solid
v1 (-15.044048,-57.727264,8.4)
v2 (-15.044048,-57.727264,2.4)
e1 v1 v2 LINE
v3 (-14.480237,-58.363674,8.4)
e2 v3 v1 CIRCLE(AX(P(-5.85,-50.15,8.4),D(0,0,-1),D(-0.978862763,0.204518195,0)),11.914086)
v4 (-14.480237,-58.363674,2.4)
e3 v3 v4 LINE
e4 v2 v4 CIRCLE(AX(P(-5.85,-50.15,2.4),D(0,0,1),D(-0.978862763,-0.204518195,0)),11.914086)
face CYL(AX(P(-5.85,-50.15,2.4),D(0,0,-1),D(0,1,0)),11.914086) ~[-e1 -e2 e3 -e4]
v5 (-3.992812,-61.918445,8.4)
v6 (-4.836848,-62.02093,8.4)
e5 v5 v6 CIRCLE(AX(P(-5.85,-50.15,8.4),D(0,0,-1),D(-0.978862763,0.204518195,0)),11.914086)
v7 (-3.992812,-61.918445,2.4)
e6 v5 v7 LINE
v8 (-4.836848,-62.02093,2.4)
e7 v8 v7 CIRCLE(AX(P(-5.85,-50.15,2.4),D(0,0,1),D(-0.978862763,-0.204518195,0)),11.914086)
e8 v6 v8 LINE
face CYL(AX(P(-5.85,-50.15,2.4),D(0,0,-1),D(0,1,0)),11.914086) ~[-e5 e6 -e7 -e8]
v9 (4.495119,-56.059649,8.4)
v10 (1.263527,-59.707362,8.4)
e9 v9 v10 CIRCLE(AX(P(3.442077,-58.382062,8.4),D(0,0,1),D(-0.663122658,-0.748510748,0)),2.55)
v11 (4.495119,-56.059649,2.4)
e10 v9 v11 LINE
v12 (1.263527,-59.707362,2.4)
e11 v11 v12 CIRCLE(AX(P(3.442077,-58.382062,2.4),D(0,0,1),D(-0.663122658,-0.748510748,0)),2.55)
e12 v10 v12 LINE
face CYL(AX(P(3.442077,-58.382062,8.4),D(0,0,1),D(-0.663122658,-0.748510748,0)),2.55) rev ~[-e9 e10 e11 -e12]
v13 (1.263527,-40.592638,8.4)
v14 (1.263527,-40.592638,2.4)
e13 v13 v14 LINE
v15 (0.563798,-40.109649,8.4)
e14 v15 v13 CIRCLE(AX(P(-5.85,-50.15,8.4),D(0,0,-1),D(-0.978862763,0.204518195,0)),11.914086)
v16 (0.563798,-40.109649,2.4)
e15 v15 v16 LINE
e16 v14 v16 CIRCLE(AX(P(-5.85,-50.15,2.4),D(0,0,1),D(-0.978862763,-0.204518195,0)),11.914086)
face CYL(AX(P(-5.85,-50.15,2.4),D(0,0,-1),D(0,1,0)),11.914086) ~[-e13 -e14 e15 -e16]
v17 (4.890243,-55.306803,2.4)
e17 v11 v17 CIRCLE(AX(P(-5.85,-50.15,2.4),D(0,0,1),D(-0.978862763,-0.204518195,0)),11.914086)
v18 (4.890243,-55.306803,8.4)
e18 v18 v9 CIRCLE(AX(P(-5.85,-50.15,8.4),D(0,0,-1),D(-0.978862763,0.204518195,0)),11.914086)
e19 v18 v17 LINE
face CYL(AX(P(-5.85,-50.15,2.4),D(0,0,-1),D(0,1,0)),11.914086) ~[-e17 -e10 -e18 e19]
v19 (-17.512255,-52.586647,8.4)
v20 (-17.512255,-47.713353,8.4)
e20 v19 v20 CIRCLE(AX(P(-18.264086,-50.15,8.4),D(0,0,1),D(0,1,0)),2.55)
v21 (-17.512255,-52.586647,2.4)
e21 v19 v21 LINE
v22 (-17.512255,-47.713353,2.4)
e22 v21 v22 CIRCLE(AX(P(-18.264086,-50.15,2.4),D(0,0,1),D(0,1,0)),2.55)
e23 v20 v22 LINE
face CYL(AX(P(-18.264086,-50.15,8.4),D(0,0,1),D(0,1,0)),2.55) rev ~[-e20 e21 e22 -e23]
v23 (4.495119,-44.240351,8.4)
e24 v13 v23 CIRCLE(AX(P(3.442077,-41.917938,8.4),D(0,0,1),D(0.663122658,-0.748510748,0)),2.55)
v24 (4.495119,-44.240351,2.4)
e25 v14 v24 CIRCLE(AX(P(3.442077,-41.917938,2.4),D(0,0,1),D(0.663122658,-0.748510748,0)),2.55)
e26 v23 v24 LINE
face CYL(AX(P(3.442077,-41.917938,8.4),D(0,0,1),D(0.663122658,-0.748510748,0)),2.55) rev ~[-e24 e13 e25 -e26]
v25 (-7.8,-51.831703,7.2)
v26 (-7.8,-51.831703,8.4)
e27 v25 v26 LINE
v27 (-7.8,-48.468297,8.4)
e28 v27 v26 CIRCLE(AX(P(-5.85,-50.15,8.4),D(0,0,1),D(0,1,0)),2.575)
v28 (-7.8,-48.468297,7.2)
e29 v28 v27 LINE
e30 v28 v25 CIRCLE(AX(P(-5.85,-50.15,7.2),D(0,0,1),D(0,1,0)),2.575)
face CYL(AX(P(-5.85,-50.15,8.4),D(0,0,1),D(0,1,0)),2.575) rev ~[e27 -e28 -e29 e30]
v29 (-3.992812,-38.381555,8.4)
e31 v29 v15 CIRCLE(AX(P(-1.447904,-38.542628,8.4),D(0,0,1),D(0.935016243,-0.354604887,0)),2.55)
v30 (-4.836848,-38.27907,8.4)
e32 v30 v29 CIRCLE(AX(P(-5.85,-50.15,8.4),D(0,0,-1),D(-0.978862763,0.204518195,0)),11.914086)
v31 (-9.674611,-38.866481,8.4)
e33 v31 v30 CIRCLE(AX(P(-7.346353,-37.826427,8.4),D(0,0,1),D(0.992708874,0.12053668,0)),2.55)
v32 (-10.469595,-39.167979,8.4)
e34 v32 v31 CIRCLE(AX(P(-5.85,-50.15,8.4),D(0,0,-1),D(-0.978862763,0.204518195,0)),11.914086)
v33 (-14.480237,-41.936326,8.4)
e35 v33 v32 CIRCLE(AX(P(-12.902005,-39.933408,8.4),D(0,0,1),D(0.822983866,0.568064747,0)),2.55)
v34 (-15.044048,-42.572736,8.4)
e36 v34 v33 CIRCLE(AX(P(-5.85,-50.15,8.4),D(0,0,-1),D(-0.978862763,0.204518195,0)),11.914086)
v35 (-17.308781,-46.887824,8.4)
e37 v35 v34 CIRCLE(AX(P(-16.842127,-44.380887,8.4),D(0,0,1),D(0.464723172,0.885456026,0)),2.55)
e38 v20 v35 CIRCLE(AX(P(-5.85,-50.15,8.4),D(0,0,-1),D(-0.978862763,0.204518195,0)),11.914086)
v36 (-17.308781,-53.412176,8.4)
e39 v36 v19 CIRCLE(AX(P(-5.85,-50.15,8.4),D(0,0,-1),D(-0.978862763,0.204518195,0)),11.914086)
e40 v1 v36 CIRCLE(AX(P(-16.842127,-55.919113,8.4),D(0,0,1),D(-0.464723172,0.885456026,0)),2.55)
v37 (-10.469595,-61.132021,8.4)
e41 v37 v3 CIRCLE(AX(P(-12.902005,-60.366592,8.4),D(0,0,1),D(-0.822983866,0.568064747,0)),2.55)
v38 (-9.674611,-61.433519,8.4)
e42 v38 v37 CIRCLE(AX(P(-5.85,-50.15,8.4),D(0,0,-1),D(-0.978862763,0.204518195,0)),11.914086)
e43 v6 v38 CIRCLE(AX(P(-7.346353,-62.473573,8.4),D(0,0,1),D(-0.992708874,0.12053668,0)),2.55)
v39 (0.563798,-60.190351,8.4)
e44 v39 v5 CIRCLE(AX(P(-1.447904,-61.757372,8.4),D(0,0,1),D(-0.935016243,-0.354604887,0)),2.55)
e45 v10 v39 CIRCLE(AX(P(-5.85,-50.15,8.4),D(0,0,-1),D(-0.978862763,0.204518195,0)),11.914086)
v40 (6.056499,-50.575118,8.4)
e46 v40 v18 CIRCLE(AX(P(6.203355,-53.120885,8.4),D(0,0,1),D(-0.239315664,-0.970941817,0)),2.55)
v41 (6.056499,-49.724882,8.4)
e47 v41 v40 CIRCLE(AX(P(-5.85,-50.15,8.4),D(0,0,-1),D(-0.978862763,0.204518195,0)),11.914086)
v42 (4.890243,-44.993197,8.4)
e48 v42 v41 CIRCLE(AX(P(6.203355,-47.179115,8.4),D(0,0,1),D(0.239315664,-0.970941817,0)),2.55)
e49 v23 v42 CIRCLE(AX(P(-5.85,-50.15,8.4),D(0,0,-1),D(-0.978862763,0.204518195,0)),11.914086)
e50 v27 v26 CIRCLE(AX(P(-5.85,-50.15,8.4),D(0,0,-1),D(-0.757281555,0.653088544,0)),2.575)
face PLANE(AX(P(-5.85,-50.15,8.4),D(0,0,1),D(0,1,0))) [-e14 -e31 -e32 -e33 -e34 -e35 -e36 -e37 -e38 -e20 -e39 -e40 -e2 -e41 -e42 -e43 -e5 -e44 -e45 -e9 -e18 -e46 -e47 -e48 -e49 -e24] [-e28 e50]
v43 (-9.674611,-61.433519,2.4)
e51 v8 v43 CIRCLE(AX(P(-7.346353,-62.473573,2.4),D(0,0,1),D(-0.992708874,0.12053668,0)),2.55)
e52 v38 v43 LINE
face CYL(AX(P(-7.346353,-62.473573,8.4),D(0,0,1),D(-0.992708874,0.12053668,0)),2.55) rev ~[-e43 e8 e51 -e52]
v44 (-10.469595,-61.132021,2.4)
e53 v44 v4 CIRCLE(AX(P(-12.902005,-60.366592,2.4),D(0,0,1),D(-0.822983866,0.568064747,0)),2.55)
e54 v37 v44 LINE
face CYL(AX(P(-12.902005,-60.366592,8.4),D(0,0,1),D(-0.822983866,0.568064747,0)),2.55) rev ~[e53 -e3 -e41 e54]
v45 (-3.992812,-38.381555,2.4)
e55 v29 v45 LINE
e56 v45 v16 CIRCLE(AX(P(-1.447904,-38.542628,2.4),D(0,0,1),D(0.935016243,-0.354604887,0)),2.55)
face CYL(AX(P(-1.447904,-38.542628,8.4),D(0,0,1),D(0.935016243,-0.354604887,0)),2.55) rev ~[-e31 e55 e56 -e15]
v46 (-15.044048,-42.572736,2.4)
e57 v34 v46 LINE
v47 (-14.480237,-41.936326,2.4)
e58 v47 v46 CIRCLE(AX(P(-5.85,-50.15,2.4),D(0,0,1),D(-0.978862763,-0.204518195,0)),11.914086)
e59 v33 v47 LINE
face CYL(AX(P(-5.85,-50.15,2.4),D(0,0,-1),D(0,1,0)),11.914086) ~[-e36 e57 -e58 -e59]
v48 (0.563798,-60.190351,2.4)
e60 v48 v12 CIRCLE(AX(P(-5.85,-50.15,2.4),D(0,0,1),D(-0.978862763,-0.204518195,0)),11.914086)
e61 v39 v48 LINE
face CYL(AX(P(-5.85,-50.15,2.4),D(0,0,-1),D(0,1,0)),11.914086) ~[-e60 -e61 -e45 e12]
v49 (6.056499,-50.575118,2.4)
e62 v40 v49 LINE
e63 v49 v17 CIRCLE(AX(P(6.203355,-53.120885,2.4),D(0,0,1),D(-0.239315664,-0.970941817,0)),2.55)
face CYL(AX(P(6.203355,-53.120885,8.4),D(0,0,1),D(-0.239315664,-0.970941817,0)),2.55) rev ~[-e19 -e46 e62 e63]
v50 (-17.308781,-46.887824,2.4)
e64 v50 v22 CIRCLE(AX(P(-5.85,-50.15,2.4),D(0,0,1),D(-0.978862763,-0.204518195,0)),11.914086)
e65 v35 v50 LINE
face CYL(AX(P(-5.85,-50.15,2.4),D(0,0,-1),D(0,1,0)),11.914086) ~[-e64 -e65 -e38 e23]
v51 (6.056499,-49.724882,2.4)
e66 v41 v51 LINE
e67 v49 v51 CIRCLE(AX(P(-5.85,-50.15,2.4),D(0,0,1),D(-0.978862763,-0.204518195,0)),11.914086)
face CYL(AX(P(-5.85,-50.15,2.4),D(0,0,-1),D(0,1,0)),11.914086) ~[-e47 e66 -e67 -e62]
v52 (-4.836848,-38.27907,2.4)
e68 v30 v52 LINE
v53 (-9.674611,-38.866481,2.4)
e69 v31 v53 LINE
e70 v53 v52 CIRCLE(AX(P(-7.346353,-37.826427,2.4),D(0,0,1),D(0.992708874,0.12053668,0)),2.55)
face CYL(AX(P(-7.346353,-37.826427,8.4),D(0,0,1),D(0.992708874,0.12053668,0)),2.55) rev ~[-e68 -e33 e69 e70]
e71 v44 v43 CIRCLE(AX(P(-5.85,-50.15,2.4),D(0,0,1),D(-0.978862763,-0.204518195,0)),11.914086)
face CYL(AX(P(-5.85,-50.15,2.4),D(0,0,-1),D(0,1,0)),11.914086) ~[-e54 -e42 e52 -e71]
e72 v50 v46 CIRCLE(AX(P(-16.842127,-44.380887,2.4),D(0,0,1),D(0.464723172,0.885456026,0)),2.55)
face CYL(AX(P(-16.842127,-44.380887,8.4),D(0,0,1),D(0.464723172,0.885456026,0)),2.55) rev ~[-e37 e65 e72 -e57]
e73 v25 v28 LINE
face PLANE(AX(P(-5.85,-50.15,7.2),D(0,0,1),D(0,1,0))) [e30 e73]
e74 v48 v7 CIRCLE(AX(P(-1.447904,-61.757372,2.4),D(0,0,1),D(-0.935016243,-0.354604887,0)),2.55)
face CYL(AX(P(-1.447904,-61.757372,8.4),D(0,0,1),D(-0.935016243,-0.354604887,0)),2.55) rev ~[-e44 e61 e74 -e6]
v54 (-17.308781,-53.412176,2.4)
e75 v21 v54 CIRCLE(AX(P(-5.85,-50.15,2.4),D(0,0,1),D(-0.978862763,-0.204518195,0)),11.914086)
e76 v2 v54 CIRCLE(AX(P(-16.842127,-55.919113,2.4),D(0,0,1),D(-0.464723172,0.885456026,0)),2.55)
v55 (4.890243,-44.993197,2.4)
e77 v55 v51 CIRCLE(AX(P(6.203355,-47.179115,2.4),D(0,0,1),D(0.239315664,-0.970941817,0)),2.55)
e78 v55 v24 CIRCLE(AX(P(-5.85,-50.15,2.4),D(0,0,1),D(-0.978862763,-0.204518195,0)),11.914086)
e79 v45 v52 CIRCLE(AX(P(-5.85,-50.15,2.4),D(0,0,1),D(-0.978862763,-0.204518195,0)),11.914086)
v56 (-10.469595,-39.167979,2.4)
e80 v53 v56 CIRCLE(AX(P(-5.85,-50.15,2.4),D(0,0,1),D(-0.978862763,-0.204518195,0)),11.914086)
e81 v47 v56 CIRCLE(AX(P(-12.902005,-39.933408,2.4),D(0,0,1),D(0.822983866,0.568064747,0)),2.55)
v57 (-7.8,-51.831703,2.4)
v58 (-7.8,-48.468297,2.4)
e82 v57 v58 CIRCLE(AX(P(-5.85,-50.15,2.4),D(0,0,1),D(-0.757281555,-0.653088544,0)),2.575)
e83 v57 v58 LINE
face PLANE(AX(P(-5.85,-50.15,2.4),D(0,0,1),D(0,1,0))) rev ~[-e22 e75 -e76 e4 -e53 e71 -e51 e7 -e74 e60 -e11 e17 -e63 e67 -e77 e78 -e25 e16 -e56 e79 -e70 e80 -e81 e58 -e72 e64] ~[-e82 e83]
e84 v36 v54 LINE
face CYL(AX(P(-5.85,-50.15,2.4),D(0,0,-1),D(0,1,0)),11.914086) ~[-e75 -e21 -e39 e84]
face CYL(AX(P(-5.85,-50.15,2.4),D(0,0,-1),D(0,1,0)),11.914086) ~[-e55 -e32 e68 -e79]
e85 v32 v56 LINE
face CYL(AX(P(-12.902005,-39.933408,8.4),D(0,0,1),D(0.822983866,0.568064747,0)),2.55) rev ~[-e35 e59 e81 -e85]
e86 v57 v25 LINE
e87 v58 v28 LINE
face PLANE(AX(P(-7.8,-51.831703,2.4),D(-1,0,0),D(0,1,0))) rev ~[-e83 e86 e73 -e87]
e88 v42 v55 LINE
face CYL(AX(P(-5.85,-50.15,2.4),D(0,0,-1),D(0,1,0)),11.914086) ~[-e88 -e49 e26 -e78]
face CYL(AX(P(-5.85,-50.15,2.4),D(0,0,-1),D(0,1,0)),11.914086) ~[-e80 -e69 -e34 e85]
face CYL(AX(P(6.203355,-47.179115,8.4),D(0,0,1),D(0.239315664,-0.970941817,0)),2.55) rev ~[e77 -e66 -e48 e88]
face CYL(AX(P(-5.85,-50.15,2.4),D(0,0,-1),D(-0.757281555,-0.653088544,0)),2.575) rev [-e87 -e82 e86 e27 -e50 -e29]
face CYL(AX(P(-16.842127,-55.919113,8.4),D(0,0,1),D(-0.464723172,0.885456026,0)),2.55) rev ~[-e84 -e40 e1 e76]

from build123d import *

# Parameters (mm, degrees)
SKETCH003_R             = 11.914086
PAD001_DEPTH            = 6
SKETCH004_R             = 2.55
POCKET001_DEPTH         = 74.457219
POLARPATTERN_COUNT      = 13
SKETCH062_R             = 2.575
POCKET014_DEPTH         = 1.2
BODY001_PLACEMENT_ANGLE = 90


with BuildPart() as part:
    # Sketch003 → Pad001 (new body)
    with BuildSketch(Plane.XY):
        Circle(SKETCH003_R)
        with BuildLine():
            ThreePointArc((-1.681703, 1.95), (0, -2.575), (1.681703, 1.95))
            Line((-1.681703, 1.95), (1.681703, 1.95))
        make_face(mode=Mode.SUBTRACT)
    extrude(amount=PAD001_DEPTH)

    # Sketch004 (on Face5 of Pad001) → Pocket001 (cut, through all)
    with BuildSketch(Plane.XY.offset(6)):
        with Locations((0, 12.414086)):
            Circle(SKETCH004_R)
    pocket001 = extrude(amount=-POCKET001_DEPTH, mode=Mode.SUBTRACT)

    # PolarPattern: Pocket001 ×13 about axis
    polarpattern_axis = Axis((0, 0, 6), (0, 0, 1))
    for i in range(1, POLARPATTERN_COUNT):
        add(pocket001.rotate(polarpattern_axis, i * 360 / POLARPATTERN_COUNT), mode=Mode.SUBTRACT)

    # Sketch062 (on Face4 of PolarPattern) → Pocket014 (cut)
    with BuildSketch(Plane.XY.offset(6)):
        Circle(SKETCH062_R)
    extrude(amount=-POCKET014_DEPTH, mode=Mode.SUBTRACT)


with BuildPart() as part_1:
    # Body001 placement: moved
    add(part.part.moved(Location((-5.85, -50.15, 2.4))).rotate(Axis((-5.85, -50.15, 2.4), (0, 0, 1)), BODY001_PLACEMENT_ANGLE))


solid = part_1.part
